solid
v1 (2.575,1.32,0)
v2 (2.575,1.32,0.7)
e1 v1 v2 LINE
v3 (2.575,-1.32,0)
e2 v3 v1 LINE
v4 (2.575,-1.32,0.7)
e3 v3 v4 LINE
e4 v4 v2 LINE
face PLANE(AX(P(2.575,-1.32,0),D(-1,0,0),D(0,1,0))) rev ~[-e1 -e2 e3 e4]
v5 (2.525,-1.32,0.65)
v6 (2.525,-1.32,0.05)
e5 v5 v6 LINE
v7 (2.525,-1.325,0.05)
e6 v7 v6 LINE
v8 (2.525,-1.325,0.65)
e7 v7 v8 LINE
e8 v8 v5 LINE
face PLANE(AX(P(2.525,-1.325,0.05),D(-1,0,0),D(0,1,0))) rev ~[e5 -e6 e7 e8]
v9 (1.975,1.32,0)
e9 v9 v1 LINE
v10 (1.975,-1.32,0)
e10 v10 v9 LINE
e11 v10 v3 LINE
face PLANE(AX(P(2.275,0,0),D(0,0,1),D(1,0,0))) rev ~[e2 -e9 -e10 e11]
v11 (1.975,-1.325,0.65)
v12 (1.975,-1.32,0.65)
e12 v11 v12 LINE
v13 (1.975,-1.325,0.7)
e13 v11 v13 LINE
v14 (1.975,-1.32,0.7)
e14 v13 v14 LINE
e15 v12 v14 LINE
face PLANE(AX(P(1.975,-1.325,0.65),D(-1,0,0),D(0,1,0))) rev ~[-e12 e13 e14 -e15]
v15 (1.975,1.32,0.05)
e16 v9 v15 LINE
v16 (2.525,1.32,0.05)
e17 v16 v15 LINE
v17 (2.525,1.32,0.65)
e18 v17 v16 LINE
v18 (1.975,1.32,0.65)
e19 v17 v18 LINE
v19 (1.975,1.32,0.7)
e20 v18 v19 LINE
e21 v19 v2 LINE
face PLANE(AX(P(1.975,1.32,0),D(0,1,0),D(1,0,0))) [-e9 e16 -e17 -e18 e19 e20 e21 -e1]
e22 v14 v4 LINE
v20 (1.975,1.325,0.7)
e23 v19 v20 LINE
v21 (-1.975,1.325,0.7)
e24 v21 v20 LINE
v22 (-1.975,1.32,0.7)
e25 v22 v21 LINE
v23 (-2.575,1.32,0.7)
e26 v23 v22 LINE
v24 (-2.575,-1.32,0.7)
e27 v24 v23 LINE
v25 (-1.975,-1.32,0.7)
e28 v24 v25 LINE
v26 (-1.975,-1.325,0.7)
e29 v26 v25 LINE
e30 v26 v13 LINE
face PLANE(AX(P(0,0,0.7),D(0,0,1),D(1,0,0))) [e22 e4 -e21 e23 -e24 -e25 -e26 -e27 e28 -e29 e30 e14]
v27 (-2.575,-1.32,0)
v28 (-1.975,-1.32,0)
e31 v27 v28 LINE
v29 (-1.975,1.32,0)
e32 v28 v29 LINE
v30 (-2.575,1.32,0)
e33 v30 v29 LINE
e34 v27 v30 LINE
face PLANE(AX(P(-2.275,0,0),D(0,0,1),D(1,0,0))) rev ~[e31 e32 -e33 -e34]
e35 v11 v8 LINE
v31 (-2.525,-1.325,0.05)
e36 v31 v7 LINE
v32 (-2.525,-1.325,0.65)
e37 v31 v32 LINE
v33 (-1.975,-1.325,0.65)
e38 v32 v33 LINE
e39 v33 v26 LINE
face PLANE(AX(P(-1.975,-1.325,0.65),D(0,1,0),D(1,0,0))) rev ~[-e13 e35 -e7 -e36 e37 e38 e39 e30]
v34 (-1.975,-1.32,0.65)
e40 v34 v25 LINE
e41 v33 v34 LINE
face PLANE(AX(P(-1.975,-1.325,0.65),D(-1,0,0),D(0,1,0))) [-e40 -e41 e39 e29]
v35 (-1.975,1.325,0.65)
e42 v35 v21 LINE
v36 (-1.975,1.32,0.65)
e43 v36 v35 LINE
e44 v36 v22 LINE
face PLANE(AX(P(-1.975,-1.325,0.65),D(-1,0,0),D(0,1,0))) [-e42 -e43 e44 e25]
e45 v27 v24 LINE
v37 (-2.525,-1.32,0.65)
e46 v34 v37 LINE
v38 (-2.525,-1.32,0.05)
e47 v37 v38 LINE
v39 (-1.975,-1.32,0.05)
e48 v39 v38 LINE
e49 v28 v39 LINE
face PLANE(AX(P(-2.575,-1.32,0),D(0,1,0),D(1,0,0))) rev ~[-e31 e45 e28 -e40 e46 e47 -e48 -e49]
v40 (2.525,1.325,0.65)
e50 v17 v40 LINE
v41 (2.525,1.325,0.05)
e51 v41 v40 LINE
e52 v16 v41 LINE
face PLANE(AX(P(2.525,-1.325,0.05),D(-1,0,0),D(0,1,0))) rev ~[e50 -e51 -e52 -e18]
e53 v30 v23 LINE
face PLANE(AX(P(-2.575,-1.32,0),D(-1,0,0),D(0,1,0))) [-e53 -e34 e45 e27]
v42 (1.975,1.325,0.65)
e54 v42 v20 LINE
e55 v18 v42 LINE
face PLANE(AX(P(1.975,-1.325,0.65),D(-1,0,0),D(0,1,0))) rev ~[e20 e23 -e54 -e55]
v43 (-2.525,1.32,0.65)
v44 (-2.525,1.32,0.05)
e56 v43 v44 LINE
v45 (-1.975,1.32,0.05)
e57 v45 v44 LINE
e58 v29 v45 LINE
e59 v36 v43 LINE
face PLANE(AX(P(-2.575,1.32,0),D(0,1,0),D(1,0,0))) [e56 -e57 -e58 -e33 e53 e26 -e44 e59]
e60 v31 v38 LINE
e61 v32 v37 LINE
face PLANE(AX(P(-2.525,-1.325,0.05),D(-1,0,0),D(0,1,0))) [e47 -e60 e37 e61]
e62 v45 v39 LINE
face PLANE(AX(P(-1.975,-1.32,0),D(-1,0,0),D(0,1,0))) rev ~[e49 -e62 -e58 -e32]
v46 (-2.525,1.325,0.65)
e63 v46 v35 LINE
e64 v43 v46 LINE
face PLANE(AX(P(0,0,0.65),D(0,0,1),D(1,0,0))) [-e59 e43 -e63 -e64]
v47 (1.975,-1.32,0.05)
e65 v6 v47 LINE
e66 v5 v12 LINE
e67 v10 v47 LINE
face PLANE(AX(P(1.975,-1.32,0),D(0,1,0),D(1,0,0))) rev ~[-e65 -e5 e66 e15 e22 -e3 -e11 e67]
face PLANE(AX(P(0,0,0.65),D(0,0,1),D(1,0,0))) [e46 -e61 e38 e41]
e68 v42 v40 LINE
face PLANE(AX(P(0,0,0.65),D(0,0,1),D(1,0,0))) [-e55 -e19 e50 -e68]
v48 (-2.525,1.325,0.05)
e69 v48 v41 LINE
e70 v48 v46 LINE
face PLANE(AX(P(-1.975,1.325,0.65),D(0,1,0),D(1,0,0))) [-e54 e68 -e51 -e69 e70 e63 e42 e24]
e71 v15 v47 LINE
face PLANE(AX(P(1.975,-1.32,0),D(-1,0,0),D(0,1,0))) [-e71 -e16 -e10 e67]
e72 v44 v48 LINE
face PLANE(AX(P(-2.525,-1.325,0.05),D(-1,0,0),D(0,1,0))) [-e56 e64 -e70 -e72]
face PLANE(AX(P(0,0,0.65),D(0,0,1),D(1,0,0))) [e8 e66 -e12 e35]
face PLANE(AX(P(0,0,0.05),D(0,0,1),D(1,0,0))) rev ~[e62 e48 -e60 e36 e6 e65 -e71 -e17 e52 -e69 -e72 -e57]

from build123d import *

# Parameters (mm, degrees)
PLATING_LEFT_W      = 0.6
PLATING_LEFT_H      = 2.64
PLATING_LEFT_DEPTH  = 0.7
PLATING_RIGHT_W     = 0.6
PLATING_RIGHT_H     = 2.64
PLATING_RIGHT_DEPTH = 0.7
MARKING_W           = 3.95
MARKING_H           = 2.65
MARKING_DEPTH       = 0.05
CHIP_W              = 5.05
CHIP_H              = 2.65
CHIP_DEPTH          = 0.6


with BuildPart() as plating_left:
    # plating_left → plating_left (new body)
    with BuildSketch(Plane(origin=(-2.575, -1.32, 0), x_dir=(1, 0, 0), z_dir=(0, 0, 1))):
        with Locations((0.3, 1.32)):
            Rectangle(PLATING_LEFT_W, PLATING_LEFT_H)
    extrude(amount=PLATING_LEFT_DEPTH)


with BuildPart() as plating_right:
    # plating_right → plating_right (new body)
    with BuildSketch(Plane(origin=(1.975, -1.32, 0), x_dir=(1, 0, 0), z_dir=(0, 0, 1))):
        with Locations((0.3, 1.32)):
            Rectangle(PLATING_RIGHT_W, PLATING_RIGHT_H)
    extrude(amount=PLATING_RIGHT_DEPTH)


with BuildPart() as marking:
    # marking → marking (new body)
    with BuildSketch(Plane(origin=(-1.975, -1.325, 0.65), x_dir=(1, 0, 0), z_dir=(0, 0, 1))):
        with Locations((1.975, 1.325)):
            Rectangle(MARKING_W, MARKING_H)
    extrude(amount=MARKING_DEPTH)


with BuildPart() as resistor:
    # chip → chip (new body)
    with BuildSketch(Plane(origin=(-2.525, -1.325, 0.05), x_dir=(1, 0, 0), z_dir=(0, 0, 1))):
        with Locations((2.525, 1.325)):
            Rectangle(CHIP_W, CHIP_H)
    extrude(amount=CHIP_DEPTH)

    # resistor: union plating_left, plating_right, marking
    add(plating_left.part)
    add(plating_right.part)
    add(marking.part)


solid = resistor.part
